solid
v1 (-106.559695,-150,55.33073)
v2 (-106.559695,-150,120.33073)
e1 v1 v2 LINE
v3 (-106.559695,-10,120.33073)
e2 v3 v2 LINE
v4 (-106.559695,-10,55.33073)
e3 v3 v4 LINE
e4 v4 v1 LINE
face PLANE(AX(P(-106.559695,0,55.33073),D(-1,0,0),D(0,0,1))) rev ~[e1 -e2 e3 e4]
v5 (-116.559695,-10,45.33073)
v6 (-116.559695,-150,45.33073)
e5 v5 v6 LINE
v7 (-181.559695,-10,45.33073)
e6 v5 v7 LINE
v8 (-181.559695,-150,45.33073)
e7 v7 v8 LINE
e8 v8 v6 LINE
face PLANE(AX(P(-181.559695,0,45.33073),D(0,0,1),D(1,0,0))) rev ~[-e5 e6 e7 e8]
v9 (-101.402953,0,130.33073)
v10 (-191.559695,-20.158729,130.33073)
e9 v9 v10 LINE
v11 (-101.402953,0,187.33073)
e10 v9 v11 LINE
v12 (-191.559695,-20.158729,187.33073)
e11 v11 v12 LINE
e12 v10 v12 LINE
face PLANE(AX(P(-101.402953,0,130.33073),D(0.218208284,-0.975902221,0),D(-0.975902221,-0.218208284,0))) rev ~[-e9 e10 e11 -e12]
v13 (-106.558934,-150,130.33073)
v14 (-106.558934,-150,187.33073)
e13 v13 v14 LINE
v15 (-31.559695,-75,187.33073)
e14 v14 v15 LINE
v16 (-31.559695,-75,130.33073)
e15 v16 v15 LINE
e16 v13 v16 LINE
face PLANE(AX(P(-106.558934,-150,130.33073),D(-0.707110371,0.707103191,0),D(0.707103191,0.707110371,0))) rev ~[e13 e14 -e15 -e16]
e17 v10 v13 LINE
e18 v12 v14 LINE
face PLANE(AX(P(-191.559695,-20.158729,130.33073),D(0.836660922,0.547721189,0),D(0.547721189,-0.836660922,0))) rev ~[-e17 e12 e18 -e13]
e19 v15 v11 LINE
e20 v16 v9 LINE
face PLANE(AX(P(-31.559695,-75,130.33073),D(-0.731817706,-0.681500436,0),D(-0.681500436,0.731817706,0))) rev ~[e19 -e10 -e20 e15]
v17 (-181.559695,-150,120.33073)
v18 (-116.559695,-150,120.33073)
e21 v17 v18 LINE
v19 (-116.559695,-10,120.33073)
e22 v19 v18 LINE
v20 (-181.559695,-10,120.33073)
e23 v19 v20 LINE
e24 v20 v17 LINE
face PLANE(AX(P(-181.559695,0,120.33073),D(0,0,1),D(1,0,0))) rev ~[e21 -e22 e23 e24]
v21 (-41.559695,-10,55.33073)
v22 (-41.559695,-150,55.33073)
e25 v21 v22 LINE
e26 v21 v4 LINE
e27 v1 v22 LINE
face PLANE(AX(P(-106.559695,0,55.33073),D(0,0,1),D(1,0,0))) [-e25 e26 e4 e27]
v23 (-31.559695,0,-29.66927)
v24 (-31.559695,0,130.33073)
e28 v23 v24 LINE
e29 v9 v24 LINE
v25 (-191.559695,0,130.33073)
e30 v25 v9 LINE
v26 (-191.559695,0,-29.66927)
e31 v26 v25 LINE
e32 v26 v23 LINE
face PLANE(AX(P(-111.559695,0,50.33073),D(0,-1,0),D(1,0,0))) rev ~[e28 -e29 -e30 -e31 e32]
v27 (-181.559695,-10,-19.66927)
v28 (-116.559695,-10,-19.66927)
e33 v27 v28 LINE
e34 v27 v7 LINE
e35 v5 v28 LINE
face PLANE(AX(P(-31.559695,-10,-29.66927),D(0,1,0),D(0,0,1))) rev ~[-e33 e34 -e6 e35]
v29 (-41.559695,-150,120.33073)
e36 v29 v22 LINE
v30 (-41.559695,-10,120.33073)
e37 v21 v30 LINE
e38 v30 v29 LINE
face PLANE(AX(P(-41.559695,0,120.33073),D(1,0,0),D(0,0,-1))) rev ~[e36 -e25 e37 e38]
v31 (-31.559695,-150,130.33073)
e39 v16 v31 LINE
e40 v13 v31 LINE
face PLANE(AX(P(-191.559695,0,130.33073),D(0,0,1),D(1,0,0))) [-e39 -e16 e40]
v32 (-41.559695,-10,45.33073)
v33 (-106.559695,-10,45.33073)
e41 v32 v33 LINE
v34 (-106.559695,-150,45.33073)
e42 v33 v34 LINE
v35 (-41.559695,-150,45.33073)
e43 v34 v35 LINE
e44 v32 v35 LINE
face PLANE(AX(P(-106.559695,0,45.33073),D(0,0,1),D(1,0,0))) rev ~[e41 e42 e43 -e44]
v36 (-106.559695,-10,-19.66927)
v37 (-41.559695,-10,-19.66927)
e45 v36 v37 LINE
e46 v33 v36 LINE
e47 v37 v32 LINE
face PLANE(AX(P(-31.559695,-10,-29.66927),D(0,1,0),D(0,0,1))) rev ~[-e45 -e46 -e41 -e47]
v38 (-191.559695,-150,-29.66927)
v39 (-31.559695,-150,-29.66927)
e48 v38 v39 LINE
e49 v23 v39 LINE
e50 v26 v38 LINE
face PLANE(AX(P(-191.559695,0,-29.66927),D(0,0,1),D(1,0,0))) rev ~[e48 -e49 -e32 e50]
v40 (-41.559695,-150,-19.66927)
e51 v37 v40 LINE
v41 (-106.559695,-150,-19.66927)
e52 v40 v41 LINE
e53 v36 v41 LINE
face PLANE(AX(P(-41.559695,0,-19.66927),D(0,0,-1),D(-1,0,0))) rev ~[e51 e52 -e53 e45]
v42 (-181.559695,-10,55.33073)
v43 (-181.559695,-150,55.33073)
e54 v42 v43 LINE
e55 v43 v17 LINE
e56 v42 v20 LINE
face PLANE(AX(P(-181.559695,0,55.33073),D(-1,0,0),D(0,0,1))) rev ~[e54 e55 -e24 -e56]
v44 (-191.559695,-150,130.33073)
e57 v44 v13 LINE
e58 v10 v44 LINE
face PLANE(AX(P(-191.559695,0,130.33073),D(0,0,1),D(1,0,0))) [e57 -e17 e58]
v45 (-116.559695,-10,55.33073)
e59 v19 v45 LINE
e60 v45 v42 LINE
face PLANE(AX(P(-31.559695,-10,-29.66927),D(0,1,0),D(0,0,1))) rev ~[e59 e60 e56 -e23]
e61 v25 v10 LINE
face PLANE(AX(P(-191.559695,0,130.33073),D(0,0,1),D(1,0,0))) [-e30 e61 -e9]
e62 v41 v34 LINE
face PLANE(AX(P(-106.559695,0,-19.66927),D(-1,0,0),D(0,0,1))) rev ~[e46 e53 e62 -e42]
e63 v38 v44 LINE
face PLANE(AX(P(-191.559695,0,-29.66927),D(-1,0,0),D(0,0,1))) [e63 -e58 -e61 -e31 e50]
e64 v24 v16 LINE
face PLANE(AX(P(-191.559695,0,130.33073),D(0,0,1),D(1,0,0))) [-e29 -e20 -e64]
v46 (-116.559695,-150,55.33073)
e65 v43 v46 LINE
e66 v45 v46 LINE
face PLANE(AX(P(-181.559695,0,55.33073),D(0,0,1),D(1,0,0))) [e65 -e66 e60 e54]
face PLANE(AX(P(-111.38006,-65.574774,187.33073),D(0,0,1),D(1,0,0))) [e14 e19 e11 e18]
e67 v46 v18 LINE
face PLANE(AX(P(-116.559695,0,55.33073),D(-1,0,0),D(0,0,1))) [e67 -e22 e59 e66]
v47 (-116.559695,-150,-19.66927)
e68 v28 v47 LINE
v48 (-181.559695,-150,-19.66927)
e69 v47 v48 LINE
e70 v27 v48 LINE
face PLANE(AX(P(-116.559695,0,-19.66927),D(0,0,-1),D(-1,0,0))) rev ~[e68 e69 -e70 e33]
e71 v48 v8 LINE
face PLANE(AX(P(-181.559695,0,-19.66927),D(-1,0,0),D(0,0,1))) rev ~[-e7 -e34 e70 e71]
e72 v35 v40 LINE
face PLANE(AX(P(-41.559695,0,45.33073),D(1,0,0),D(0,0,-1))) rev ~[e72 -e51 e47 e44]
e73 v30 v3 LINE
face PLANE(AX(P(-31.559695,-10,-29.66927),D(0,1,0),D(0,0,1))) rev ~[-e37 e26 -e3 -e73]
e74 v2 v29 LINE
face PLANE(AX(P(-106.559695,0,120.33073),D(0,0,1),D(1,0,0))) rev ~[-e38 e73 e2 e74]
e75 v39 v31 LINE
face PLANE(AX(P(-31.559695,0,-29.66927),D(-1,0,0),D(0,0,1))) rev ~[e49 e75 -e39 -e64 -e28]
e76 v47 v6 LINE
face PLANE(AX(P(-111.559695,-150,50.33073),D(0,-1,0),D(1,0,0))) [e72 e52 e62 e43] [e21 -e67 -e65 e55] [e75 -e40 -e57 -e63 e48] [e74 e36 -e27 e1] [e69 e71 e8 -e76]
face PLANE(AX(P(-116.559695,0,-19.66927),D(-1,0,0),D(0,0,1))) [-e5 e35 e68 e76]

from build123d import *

# Parameters (mm, degrees)
F0_W     = 160
F0_H     = 160
F0_W_2   = 65
F0_H_2   = 10
F0_W_3   = 10
F0_H_3   = 65
F1_DEPTH = 150
F2_W     = 10
F2_H     = 160
F3_DEPTH = 150
F5_DEPTH = 57


with BuildPart() as f1:
    # F0 (on Front) → F1 (new body)
    with BuildSketch(Plane.XZ):
        with Locations((-111.5596954525, 50.3307304141)):
            Rectangle(F0_W, F0_H)
        Polygon((-181.5596954525, 55.3307304141), (-181.5596954525, 120.3307304141), (-116.5596954525, 120.3307304141), (-106.5596954525, 120.3307304141), (-41.5596954525, 120.3307304141), (-41.5596954525, 55.3307304141), (-41.5596954525, 45.3307304141), (-41.5596954525, -19.6692695859), (-106.5596954525, -19.6692695859), (-116.5596954525, -19.6692695859), (-181.5596954525, -19.6692695859), (-181.5596954525, 45.3307304141), align=None, mode=Mode.SUBTRACT)
        with Locations((-149.0596954525, 50.3307304141)):
            Rectangle(F0_W_2, F0_H_2)
        with Locations((-111.5596954525, 87.8307304141)):
            Rectangle(F0_W_3, F0_H_3)
        with Locations((-74.0596954525, 50.3307304141)):
            Rectangle(F0_W_2, F0_H_2)
        with Locations((-111.5596954525, 12.8307304141)):
            Rectangle(F0_W_3, F0_H_3)
        with Locations((-111.5596954525, 50.3307304141)):
            Rectangle(F0_W_3, F0_H_2)
    extrude(amount=F1_DEPTH)

    # F2 (on face) → F3 (join)
    with BuildSketch(Plane.YZ.offset(-31.5596954525)):
        with Locations((-5, 50.3307304141)):
            Rectangle(F2_W, F2_H)
    extrude(amount=-F3_DEPTH)

    # F4 (on face) → F5 (join)
    with BuildSketch(Plane.XY.offset(130.3307304141)):
        Polygon((-101.4029532671, 0), (-191.5596954525, -20.1587285846), (-106.5589338541, -150), (-31.5596954525, -75), align=None)
    extrude(amount=F5_DEPTH)


solid = f1.part
